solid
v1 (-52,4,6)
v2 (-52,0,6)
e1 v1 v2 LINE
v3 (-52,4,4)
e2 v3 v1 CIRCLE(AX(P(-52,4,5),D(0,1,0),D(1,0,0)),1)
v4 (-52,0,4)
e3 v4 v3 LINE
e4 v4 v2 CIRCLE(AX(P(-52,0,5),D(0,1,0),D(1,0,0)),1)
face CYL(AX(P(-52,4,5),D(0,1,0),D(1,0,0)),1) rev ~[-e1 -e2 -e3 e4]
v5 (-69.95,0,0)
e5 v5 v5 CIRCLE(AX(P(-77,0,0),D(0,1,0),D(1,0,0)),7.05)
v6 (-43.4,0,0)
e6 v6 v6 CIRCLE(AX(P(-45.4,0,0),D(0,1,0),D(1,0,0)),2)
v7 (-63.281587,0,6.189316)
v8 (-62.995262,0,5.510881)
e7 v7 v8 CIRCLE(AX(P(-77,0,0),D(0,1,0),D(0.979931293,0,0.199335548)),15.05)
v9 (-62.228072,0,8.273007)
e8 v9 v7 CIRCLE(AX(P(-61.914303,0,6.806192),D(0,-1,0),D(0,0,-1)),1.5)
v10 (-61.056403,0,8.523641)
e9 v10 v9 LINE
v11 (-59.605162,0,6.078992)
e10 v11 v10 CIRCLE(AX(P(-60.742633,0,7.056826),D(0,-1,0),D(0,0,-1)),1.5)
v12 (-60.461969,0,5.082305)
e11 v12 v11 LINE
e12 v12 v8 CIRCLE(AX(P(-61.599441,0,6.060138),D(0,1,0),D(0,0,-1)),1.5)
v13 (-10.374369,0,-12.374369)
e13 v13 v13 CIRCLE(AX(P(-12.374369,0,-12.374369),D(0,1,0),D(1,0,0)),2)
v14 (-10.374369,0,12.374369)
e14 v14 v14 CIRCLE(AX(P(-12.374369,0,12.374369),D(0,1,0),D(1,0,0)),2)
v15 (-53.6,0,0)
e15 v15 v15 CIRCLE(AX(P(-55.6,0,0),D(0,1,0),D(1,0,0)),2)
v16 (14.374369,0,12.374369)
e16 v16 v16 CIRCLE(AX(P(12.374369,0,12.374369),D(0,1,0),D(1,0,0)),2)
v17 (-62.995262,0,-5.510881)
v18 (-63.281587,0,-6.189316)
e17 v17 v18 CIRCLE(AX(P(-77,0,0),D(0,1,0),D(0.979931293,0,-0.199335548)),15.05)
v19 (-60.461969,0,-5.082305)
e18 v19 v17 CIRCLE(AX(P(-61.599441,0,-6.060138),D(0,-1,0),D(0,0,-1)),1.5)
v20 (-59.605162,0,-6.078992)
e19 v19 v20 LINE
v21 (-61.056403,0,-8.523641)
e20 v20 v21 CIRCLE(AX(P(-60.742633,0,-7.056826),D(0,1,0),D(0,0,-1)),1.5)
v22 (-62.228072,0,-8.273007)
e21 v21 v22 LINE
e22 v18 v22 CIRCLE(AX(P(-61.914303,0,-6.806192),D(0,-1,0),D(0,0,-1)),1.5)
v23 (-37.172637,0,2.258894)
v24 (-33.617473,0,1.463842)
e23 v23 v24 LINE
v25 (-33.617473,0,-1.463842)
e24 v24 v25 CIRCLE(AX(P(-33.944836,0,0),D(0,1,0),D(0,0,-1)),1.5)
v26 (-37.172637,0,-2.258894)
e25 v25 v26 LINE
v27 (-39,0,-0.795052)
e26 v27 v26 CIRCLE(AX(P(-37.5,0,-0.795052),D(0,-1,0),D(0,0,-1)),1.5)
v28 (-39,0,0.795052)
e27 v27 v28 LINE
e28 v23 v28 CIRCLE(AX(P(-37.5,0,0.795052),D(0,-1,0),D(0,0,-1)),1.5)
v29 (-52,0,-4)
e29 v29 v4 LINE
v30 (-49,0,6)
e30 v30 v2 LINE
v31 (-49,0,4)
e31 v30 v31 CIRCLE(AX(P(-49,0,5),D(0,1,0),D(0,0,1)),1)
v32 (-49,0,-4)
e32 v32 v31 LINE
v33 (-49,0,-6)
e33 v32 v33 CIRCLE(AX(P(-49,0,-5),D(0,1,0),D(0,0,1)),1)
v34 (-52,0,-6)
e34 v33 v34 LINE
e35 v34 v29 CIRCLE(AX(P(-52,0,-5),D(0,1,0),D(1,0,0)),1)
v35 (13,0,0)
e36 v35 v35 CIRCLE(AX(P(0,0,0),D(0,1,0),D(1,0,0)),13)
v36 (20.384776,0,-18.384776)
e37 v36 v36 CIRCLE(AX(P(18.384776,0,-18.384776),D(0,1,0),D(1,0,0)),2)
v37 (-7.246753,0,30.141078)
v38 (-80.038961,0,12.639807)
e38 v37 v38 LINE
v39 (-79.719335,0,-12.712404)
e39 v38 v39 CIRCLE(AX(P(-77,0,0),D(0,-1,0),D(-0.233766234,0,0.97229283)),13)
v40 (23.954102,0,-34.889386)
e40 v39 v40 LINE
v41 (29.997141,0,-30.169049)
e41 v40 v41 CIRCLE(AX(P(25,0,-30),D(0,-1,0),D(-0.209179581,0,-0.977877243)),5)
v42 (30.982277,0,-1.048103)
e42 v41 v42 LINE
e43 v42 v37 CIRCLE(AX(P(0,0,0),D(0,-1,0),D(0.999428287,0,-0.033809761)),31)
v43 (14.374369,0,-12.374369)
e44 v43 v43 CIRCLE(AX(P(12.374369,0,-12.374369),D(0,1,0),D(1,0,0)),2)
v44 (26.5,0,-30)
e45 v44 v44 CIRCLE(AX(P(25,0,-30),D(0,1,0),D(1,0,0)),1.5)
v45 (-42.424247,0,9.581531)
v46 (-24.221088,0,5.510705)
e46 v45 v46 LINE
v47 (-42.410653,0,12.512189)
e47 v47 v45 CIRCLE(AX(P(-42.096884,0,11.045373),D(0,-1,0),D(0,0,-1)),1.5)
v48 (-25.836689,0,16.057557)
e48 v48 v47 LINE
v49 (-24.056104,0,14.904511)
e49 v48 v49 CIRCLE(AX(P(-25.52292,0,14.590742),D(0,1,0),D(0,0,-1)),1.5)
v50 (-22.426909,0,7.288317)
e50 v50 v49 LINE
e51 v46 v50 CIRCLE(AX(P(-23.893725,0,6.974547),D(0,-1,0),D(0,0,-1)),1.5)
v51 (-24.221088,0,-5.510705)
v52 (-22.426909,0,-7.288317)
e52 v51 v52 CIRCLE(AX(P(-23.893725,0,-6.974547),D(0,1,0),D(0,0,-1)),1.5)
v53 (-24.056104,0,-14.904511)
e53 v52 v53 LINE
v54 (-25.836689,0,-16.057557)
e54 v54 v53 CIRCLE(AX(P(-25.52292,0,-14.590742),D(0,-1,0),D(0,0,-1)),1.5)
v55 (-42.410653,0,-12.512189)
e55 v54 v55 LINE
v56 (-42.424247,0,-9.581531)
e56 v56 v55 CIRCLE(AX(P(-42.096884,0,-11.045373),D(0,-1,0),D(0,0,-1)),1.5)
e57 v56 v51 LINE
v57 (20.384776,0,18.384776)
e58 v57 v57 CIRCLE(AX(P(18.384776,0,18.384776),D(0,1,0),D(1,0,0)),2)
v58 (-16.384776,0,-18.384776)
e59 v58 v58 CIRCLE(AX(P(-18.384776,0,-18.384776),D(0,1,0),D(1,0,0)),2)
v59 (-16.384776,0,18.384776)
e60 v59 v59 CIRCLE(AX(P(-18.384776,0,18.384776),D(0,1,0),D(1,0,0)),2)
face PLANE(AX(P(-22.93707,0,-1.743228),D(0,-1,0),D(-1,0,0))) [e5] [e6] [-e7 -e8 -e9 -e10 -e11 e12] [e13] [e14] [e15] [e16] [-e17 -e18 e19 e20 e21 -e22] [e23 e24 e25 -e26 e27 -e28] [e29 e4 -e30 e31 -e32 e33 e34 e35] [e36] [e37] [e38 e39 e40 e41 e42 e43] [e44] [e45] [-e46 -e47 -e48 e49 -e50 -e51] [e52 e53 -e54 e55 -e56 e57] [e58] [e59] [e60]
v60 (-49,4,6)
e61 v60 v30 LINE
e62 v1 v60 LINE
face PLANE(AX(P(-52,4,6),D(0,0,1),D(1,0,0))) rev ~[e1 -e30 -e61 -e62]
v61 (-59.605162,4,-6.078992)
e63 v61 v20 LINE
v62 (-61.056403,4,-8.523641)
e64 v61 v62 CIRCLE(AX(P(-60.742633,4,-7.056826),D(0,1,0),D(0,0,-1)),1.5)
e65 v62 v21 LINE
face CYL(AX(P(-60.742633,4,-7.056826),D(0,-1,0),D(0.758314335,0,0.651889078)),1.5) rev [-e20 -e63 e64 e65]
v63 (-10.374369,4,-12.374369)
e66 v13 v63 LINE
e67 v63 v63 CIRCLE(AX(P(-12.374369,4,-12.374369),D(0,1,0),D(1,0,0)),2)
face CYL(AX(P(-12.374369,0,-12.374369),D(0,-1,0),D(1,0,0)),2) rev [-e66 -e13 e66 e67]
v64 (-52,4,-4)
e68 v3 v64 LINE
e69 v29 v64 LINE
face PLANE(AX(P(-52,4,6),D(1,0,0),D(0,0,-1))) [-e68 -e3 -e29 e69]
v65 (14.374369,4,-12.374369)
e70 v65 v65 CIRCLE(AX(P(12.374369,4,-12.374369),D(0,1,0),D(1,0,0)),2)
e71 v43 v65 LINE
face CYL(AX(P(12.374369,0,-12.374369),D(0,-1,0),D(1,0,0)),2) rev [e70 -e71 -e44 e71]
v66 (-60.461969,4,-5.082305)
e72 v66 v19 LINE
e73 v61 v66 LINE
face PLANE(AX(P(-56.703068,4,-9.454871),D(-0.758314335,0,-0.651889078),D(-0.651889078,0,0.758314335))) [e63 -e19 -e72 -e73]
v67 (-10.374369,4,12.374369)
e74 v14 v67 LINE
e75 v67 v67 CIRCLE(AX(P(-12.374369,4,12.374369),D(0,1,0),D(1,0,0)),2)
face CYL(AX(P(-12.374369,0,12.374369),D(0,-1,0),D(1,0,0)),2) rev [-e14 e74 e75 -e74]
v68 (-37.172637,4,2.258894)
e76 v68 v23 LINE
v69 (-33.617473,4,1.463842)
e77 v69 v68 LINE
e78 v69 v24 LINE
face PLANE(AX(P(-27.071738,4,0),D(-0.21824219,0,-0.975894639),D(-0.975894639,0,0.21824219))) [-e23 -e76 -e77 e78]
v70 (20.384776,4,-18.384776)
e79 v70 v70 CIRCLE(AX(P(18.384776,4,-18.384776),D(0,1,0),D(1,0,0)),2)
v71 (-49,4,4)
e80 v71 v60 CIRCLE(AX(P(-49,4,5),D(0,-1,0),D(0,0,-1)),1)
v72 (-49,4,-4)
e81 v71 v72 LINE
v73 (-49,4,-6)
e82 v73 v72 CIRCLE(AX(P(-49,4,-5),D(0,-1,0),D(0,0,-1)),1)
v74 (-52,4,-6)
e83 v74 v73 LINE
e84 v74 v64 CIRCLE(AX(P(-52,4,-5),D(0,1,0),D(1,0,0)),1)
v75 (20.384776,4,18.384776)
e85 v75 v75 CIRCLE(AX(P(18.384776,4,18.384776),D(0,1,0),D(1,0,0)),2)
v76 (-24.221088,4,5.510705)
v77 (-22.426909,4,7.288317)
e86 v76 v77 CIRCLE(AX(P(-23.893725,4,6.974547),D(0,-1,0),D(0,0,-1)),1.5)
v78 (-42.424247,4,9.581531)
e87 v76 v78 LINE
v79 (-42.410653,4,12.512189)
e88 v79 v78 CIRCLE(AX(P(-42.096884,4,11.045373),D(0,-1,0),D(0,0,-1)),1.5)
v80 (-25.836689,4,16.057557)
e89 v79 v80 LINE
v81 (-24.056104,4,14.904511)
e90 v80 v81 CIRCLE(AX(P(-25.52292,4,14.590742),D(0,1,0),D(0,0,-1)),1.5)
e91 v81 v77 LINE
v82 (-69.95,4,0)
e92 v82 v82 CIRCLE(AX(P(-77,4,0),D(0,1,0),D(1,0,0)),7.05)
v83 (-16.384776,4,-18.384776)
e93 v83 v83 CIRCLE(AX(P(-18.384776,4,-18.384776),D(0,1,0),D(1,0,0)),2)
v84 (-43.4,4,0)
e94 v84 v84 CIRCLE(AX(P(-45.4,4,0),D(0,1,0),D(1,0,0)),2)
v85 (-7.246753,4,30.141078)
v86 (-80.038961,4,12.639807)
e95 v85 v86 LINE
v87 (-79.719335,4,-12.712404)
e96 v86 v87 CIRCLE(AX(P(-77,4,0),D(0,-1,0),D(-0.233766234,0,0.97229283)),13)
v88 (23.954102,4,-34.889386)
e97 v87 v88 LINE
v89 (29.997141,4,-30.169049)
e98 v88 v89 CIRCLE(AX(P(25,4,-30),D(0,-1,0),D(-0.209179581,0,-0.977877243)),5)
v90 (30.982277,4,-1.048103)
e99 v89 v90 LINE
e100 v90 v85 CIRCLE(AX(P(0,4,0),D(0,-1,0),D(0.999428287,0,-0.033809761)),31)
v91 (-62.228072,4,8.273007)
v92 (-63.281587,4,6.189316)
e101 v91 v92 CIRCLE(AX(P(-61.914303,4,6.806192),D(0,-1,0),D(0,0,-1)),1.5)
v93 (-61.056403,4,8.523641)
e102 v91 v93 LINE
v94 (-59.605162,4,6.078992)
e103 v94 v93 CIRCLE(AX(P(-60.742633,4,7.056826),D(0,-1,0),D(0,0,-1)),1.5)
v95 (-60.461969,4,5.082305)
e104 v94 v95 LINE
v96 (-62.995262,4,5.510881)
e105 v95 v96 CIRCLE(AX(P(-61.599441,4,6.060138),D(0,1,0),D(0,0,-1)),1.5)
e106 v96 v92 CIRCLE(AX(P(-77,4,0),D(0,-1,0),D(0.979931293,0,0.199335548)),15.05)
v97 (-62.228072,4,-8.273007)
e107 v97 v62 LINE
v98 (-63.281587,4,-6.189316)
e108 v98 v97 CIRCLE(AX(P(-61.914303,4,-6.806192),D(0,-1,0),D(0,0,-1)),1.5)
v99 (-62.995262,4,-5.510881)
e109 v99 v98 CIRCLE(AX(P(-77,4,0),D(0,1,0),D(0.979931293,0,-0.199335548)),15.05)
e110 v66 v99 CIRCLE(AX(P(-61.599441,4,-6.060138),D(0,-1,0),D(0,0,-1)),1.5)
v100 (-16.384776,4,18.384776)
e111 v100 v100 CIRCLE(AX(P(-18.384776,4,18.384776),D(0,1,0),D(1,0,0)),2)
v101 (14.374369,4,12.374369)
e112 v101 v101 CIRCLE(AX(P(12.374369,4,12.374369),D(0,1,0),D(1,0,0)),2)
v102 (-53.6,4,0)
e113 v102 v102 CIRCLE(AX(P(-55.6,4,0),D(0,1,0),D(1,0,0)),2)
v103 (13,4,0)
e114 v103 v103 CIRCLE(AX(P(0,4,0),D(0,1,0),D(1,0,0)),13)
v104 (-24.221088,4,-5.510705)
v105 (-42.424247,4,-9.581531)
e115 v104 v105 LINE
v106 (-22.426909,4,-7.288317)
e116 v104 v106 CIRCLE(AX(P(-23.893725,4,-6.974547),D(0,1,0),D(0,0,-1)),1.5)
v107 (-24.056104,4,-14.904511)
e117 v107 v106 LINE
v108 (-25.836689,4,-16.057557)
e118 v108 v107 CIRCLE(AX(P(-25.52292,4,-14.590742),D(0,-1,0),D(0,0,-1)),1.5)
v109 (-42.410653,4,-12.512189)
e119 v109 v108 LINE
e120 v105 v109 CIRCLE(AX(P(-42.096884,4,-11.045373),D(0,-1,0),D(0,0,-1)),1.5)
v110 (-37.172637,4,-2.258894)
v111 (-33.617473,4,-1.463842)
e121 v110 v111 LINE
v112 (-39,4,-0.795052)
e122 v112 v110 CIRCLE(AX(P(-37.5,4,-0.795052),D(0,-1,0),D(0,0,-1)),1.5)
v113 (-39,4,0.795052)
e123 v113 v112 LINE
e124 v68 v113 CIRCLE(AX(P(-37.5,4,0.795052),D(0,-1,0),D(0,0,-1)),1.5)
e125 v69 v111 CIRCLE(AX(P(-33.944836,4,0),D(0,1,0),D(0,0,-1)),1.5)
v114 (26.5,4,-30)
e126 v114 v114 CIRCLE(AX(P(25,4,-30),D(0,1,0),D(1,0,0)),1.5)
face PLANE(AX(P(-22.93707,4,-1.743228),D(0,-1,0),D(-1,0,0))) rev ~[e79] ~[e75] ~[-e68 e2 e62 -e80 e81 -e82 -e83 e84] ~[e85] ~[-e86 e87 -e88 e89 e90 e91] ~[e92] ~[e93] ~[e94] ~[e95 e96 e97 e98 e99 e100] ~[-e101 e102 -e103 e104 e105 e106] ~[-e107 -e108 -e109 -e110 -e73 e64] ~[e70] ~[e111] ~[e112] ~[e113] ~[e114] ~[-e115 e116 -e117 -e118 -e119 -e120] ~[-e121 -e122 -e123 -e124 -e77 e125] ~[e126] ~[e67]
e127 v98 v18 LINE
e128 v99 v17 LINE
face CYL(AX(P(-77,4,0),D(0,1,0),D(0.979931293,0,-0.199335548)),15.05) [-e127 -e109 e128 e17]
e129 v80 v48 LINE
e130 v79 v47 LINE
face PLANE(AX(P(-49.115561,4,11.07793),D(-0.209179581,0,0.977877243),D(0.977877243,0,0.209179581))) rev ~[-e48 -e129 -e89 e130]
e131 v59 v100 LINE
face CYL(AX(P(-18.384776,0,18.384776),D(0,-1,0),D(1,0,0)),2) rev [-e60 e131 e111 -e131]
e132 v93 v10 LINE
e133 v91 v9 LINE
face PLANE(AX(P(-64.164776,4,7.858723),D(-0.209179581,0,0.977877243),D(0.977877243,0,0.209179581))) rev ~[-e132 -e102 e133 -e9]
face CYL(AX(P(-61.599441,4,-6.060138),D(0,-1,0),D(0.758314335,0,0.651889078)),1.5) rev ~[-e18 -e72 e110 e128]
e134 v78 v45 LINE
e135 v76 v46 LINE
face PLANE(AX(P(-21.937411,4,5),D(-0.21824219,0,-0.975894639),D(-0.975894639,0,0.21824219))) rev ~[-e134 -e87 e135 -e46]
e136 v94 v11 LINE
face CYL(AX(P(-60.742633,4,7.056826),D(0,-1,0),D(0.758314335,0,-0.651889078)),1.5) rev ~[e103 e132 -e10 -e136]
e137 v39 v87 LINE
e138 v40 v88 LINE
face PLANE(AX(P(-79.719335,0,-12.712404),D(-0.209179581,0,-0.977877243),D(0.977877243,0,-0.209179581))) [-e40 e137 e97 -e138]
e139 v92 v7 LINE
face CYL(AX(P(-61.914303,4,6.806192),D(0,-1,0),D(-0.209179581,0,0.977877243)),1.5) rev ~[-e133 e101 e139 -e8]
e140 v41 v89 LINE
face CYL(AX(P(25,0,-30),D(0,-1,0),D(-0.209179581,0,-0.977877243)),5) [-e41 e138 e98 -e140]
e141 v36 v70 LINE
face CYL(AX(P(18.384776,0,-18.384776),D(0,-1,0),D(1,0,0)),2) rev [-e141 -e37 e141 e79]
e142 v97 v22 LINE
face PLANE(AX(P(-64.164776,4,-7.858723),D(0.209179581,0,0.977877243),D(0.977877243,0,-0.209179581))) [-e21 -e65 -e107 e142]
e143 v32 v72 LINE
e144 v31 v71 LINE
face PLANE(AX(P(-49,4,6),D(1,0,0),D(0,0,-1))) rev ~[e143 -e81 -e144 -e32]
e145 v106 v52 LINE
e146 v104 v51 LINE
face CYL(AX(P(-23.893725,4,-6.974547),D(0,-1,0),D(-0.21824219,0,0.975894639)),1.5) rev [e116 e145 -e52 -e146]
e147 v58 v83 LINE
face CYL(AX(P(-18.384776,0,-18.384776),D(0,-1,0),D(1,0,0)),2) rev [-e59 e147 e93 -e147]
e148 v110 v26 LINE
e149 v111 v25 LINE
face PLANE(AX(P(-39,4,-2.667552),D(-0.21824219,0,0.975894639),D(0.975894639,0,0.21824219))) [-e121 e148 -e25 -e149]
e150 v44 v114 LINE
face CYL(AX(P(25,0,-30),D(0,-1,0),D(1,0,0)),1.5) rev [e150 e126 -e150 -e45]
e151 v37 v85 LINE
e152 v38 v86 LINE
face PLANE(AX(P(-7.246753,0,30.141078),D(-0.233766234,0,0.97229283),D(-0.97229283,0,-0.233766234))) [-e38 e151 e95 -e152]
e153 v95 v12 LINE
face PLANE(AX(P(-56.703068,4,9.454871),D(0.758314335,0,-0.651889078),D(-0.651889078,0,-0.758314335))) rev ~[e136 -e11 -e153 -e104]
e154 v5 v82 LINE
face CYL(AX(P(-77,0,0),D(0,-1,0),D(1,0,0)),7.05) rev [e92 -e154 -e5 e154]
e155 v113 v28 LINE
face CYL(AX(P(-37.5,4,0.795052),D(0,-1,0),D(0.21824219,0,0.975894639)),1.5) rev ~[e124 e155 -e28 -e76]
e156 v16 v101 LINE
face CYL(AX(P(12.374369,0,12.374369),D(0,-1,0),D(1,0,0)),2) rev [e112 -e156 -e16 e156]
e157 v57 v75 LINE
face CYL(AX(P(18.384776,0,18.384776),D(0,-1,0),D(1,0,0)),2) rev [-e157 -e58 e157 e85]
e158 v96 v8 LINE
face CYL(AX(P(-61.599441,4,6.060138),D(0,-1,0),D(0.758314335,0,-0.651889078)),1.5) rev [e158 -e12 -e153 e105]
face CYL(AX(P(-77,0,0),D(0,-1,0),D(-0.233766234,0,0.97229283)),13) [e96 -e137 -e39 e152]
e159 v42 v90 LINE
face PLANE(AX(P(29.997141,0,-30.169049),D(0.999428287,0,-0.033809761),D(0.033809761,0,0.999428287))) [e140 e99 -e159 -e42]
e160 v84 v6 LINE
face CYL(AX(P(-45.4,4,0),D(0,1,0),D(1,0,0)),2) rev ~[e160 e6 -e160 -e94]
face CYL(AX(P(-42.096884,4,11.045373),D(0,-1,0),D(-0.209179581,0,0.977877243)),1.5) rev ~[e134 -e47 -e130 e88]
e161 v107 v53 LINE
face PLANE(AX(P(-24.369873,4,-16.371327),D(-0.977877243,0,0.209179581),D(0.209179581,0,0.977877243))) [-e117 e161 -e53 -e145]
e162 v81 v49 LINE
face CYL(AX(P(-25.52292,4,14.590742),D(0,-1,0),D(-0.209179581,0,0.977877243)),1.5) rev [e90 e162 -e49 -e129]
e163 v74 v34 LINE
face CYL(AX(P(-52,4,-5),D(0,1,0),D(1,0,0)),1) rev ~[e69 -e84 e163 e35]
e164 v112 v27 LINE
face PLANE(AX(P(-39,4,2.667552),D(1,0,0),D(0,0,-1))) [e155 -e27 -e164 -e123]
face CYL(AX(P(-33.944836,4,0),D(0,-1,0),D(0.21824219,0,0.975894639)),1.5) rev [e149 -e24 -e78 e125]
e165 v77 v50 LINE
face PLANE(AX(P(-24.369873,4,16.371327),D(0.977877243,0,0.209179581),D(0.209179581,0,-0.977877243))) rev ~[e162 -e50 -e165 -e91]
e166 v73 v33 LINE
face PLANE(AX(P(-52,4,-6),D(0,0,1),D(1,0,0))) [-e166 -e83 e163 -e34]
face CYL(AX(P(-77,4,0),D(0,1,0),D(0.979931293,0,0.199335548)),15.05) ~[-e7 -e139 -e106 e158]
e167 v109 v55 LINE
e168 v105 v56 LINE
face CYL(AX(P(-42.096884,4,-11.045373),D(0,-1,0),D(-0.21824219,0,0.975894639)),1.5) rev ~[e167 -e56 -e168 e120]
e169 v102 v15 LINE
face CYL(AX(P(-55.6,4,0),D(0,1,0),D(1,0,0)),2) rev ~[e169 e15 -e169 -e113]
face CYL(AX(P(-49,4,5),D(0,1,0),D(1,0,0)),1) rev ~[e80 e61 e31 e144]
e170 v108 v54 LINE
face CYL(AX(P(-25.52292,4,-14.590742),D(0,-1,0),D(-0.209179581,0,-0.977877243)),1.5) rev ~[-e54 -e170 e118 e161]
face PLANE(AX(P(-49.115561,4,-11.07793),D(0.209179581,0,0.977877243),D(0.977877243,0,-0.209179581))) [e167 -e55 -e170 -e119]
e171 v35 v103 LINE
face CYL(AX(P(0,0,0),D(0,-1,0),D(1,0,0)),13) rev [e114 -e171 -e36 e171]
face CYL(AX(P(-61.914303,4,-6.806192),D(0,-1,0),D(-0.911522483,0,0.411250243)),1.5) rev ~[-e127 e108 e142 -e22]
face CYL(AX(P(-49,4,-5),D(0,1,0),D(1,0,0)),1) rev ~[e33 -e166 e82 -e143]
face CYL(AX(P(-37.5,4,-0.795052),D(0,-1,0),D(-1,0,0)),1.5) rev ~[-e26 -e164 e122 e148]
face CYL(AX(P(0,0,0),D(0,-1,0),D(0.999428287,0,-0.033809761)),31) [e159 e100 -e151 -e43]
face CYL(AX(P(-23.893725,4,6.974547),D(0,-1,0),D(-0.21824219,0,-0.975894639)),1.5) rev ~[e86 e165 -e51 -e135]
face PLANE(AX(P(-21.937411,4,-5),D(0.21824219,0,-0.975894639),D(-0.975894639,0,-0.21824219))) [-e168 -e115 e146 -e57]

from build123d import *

# Parameters (mm, degrees)
SKETCH_1_R          = 7.05
SKETCH_1_R_2        = 1.5
SKETCH_1_R_3        = 2
SKETCH_1_R_4        = 13
EXTRUDE_1_DEPTH     = 4
SKETCH_4_R          = 2
SKETCH_4_W          = 3
SKETCH_4_H          = 12
CUT_EXTRUDE_7_DEPTH = 5
SKETCH_8_R          = 1
CUT_EXTRUDE_6_DEPTH = 5
CUT_EXTRUDE_8_DEPTH = 5
FILLET_1_R          = 1.5


with BuildPart() as part:
    # 草图1 → 凸台-拉伸1 (new body)
    with BuildSketch(Plane(origin=(0, 0, 0), x_dir=(1, 0, 0), z_dir=(0, 1, 0))):
        with BuildLine():
            Line((-79.719334557, 12.712404162), (23.954102093, 34.889386216))
            ThreePointArc((23.954102093, 34.889386216), (28.077901504, 33.940370837), (29.997141433, 30.169048806))
            Line((29.997141433, 30.169048806), (30.982276884, 1.048102596))
            ThreePointArc((30.982276884, 1.048102596), (19.5968113, -24.02009548), (-7.246753247, -30.141077741))
            Line((-7.246753247, -30.141077741), (-80.038961039, -12.639806795))
            ThreePointArc((-80.038961039, -12.639806795), (-89.998966964, 0.163883698), (-79.719334557, 12.712404162))
        make_face()
        with Locations((-77, 0)):
            Circle(SKETCH_1_R, mode=Mode.SUBTRACT)
        with Locations((25, 30)):
            Circle(SKETCH_1_R_2, mode=Mode.SUBTRACT)
        with Locations((-18.384776311, 18.384776311)):
            Circle(SKETCH_1_R_3, mode=Mode.SUBTRACT)
        with Locations((18.384776311, 18.384776311)):
            Circle(SKETCH_1_R_3, mode=Mode.SUBTRACT)
        with Locations((18.384776311, -18.384776311)):
            Circle(SKETCH_1_R_3, mode=Mode.SUBTRACT)
        with Locations((-18.384776311, -18.384776311)):
            Circle(SKETCH_1_R_3, mode=Mode.SUBTRACT)
        with Locations((-12.374368671, 12.374368671)):
            Circle(SKETCH_1_R_3, mode=Mode.SUBTRACT)
        with Locations((12.374368671, 12.374368671)):
            Circle(SKETCH_1_R_3, mode=Mode.SUBTRACT)
        with Locations((12.374368671, -12.374368671)):
            Circle(SKETCH_1_R_3, mode=Mode.SUBTRACT)
        with Locations((-12.374368671, -12.374368671)):
            Circle(SKETCH_1_R_3, mode=Mode.SUBTRACT)
        Circle(SKETCH_1_R_4, mode=Mode.SUBTRACT)
    extrude(amount=EXTRUDE_1_DEPTH)

    # 草图4 → 切除-拉伸7 (cut, through all)
    with BuildSketch(Plane(origin=(0, 4, 0), x_dir=(1, 0, 0), z_dir=(0, 1, 0))):
        with Locations((-55.6, 0)):
            Circle(SKETCH_4_R)
        with Locations((-45.4, 0)):
            Circle(SKETCH_4_R)
        with Locations((-50.5, 0)):
            Rectangle(SKETCH_4_W, SKETCH_4_H)
    extrude(amount=-CUT_EXTRUDE_7_DEPTH, mode=Mode.SUBTRACT)

    # 草图8 → 切除-拉伸6 (cut, through all)
    with BuildSketch(Plane(origin=(0, 4, 0), x_dir=(1, 0, 0), z_dir=(0, 1, 0))):
        with Locations((-52, 5)):
            Circle(SKETCH_8_R)
        with Locations((-52, -5)):
            Circle(SKETCH_8_R)
        with Locations((-49, -5)):
            Circle(SKETCH_8_R)
        with Locations((-49, 5)):
            Circle(SKETCH_8_R)
    extrude(amount=-CUT_EXTRUDE_6_DEPTH, mode=Mode.SUBTRACT)

    # 草图9 → 切除-拉伸8 (cut, through all)
    with BuildSketch(Plane(origin=(0, 4, 0), x_dir=(1, 0, 0), z_dir=(0, 1, 0))):
        Polygon((-24.369873114, 16.371326789), (-21.937410968, 5), (-49.115560904, 11.077929639), align=None)
        Polygon((-49.115560904, -11.077929639), (-24.369873114, -16.371326789), (-21.937410968, -5), align=None)
        with BuildLine():
            Line((-64.164776302, 7.858723345), (-56.703068356, 9.454871486))
            Line((-56.703068356, 9.454871486), (-62.252034039, 3))
            ThreePointArc((-62.252034039, 3), (-62.996076047, 5.512949656), (-64.164776302, 7.858723345))
        make_face()
        with BuildLine():
            Line((-56.703068356, -9.454871486), (-62.252034039, -3))
            ThreePointArc((-62.252034039, -3), (-62.996076047, -5.512949656), (-64.164776302, -7.858723345))
            Line((-64.164776302, -7.858723345), (-56.703068356, -9.454871486))
        make_face()
        Polygon((-39, 2.667552297), (-27.071738141, 0), (-39, -2.667552297), align=None)
    extrude(amount=-CUT_EXTRUDE_8_DEPTH, mode=Mode.SUBTRACT)

    # 圆角1
    fillet_1_edges = [part.edges().sort_by_distance(p)[0] for p in [
        (-49.115560904, 2, 11.077929639),
        (-21.937410968, 2, 5),
        (-24.369873114, 2, 16.371326789),
        (-62.252034039, 2, -3),
        (-64.164776302, 2, -7.858723345),
        (-56.703068356, 2, -9.454871486),
        (-39, 2, 2.667552297),
        (-39, 2, -2.667552297),
        (-27.071738141, 2, 0),
        (-64.164776302, 2, 7.858723345),
        (-62.252034039, 2, 3),
        (-56.703068356, 2, 9.454871486),
        (-49.115560904, 2, -11.077929639),
        (-24.369873114, 2, -16.371326789),
        (-21.937410968, 2, -5),
    ]]
    fillet(fillet_1_edges, radius=FILLET_1_R)


solid = part.part
